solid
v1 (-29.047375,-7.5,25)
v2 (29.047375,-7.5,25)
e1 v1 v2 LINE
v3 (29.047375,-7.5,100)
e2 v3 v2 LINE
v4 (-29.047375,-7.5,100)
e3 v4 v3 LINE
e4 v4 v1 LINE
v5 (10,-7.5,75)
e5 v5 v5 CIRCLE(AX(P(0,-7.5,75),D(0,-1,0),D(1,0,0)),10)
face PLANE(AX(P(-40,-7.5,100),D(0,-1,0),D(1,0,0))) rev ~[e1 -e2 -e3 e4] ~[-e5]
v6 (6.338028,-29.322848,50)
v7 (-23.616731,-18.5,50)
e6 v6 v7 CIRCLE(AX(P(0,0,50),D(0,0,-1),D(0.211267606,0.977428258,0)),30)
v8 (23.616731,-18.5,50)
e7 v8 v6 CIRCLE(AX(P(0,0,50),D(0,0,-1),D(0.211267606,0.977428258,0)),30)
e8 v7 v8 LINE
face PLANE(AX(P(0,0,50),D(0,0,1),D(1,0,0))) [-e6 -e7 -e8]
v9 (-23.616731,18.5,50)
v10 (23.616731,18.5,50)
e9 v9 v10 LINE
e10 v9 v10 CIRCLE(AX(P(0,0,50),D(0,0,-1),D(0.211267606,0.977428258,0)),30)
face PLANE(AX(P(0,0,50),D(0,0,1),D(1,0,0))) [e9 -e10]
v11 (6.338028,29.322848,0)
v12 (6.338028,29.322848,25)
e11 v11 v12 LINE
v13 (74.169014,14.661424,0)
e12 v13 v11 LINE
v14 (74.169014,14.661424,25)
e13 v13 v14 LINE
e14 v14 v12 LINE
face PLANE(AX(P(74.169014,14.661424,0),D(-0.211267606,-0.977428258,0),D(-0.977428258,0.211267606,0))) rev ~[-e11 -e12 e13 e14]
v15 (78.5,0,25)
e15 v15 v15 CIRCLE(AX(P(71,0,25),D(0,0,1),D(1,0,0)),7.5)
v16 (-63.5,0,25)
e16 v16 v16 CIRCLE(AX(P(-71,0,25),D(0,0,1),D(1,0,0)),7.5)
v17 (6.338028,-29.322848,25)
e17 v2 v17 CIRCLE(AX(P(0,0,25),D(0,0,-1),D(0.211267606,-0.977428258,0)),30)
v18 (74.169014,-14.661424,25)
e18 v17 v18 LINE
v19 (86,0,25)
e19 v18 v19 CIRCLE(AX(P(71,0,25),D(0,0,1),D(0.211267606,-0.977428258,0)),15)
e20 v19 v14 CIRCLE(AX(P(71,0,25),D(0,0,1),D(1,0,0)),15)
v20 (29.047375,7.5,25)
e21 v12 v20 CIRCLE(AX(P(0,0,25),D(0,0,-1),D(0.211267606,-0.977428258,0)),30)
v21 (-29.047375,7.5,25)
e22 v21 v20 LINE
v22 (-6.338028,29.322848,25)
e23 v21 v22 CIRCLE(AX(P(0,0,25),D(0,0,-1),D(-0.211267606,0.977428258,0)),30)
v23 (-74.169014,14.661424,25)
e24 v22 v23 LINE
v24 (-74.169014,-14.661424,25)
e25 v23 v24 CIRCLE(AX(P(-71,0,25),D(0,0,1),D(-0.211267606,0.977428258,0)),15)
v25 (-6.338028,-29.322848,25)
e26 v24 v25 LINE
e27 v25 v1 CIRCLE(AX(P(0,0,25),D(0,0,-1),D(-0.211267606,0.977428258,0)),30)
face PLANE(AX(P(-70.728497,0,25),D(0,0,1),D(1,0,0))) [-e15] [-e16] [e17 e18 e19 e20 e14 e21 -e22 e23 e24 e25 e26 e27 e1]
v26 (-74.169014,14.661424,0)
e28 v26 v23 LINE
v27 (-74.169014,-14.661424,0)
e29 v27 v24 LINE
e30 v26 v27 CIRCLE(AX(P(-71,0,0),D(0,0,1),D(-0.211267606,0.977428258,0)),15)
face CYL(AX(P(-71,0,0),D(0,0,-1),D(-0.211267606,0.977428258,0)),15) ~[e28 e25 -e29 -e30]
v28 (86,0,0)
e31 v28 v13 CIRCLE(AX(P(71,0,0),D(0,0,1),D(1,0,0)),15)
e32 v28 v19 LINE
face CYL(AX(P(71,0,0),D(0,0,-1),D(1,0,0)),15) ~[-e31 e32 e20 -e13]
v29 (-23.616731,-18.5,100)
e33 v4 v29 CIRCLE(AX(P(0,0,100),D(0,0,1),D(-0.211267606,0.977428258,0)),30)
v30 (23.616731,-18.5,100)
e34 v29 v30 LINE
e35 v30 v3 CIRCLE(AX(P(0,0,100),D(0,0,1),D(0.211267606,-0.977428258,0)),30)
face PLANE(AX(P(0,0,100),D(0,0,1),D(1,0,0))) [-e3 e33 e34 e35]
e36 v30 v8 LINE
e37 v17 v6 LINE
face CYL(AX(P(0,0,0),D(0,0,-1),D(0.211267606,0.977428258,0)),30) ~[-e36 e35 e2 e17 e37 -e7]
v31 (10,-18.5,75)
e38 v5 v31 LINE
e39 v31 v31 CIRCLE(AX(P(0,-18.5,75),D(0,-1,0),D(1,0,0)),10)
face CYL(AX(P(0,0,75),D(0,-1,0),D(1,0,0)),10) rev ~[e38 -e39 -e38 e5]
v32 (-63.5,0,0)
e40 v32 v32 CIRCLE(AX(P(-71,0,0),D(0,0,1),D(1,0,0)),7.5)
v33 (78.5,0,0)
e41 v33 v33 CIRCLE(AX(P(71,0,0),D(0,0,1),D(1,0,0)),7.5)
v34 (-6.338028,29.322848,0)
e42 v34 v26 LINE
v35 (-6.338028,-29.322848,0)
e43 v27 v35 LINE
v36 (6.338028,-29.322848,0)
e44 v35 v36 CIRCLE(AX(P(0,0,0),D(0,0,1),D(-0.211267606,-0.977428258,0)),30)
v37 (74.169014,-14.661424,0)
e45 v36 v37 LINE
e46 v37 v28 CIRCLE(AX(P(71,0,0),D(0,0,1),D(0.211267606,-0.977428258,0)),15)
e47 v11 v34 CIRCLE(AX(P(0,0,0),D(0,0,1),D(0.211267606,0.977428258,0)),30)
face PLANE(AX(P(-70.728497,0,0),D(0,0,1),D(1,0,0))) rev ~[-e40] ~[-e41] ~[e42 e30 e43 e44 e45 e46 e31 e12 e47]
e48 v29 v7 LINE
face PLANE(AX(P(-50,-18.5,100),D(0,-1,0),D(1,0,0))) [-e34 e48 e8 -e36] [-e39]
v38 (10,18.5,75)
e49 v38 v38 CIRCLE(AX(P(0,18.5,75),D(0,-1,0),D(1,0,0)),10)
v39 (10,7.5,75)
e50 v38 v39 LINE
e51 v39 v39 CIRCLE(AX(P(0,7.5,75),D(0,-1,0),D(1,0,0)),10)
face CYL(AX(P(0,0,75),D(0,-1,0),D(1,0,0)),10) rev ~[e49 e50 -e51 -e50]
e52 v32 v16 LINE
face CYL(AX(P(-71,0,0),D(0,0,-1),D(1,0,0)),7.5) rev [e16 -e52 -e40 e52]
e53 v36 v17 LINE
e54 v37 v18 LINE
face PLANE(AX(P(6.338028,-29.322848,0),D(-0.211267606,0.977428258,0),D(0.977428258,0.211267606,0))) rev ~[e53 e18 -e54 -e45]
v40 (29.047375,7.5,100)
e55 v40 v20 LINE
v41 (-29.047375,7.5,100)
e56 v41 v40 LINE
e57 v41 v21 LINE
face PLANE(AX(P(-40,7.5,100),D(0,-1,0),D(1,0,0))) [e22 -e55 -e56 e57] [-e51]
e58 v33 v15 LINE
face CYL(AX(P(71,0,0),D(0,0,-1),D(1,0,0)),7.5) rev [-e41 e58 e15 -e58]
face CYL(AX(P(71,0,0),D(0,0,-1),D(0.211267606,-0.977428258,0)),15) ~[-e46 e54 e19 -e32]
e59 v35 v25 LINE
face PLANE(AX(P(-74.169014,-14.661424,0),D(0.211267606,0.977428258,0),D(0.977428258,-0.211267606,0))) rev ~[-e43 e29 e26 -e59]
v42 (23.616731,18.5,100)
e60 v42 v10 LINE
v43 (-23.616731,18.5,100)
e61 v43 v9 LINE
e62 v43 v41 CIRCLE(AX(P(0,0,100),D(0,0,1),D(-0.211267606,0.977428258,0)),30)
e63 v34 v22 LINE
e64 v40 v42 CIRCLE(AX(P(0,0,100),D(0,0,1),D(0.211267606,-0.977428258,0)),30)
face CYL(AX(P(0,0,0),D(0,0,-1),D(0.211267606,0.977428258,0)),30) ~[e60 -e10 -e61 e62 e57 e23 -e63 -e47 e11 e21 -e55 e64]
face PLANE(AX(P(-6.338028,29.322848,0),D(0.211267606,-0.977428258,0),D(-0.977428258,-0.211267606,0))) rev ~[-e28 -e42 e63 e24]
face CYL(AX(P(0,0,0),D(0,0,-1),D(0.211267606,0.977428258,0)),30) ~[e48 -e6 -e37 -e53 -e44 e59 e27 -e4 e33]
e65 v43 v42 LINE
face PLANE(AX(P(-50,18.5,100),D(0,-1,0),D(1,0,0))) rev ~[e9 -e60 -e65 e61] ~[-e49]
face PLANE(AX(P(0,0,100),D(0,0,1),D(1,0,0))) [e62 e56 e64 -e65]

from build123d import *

# Parameters (mm, degrees)
F0_R     = 7.5
F1_DEPTH = 25
F2_DEPTH = 100
F3_W     = 80
F3_H     = 15
F4_DEPTH = 75
F5_W     = 130
F5_H     = 70
F5_W_2   = 100
F5_H_2   = 37
F6_DEPTH = 50
F7_R     = 10
F8_DEPTH = 25


with BuildPart() as f1:
    # F0 (on Top) → F1 (new body)
    with BuildSketch(Plane.XY):
        with BuildLine():
            ThreePointArc((-74.1690140845, -14.6614238644), (-61.5802126157, -11.6733716481), (-56, 0))
            ThreePointArc((-56, 0), (-61.5802126157, 11.6733716481), (-74.1690140845, 14.6614238644))
            ThreePointArc((-74.1690140845, 14.6614238644), (-86, 0), (-74.1690140845, -14.6614238644))
        make_face()
        with Locations((-71, 0)):
            Circle(F0_R, mode=Mode.SUBTRACT)
        with BuildLine():
            ThreePointArc((-74.1690140845, 14.6614238644), (-61.5802126157, 11.6733716481), (-56, 0))
            ThreePointArc((-56, 0), (-61.5802126157, -11.6733716481), (-74.1690140845, -14.6614238644))
            Line((-74.1690140845, -14.6614238644), (-6.338028169, -29.3228477288))
            ThreePointArc((-6.338028169, -29.3228477288), (-30, 0), (-6.338028169, 29.3228477288))
            Line((-6.338028169, 29.3228477288), (-74.1690140845, 14.6614238644))
        make_face()
        with BuildLine():
            ThreePointArc((6.338028169, 29.3228477288), (0, 30), (-6.338028169, 29.3228477288))
            ThreePointArc((-6.338028169, 29.3228477288), (-30, 0), (-6.338028169, -29.3228477288))
            ThreePointArc((-6.338028169, -29.3228477288), (0, -30), (6.338028169, -29.3228477288))
            ThreePointArc((6.338028169, -29.3228477288), (23.3467432961, -18.8395747687), (30, 0))
            ThreePointArc((30, 0), (23.3467432961, 18.8395747687), (6.338028169, 29.3228477288))
        make_face()
        with BuildLine():
            Line((74.1690140845, 14.6614238644), (6.338028169, 29.3228477288))
            ThreePointArc((6.338028169, 29.3228477288), (23.3467432961, 18.8395747687), (30, 0))
            ThreePointArc((30, 0), (23.3467432961, -18.8395747687), (6.338028169, -29.3228477288))
            Line((6.338028169, -29.3228477288), (74.1690140845, -14.6614238644))
            ThreePointArc((74.1690140845, -14.6614238644), (56, 0), (74.1690140845, 14.6614238644))
        make_face()
        with BuildLine():
            ThreePointArc((86, 0), (82.6733716481, 9.4197873843), (74.1690140845, 14.6614238644))
            ThreePointArc((74.1690140845, 14.6614238644), (56, 0), (74.1690140845, -14.6614238644))
            ThreePointArc((74.1690140845, -14.6614238644), (82.6733716481, -9.4197873843), (86, 0))
        make_face()
        with Locations((71, 0)):
            Circle(F0_R, mode=Mode.SUBTRACT)
    extrude(amount=F1_DEPTH)

    # F0 (on Top) → F2 (join)
    with BuildSketch(Plane.XY):
        with BuildLine():
            ThreePointArc((6.338028169, 29.3228477288), (0, 30), (-6.338028169, 29.3228477288))
            ThreePointArc((-6.338028169, 29.3228477288), (-30, 0), (-6.338028169, -29.3228477288))
            ThreePointArc((-6.338028169, -29.3228477288), (0, -30), (6.338028169, -29.3228477288))
            ThreePointArc((6.338028169, -29.3228477288), (23.3467432961, -18.8395747687), (30, 0))
            ThreePointArc((30, 0), (23.3467432961, 18.8395747687), (6.338028169, 29.3228477288))
        make_face()
    extrude(amount=F2_DEPTH)

    # F3 (on face) → F4 (cut, through all)
    with BuildSketch(Plane.XY.offset(100)):
        Rectangle(F3_W, F3_H)
    extrude(amount=-F4_DEPTH, mode=Mode.SUBTRACT)

    # F5 (on face) → F6 (cut)
    with BuildSketch(Plane.XY.offset(100)):
        Rectangle(F5_W, F5_H)
        Rectangle(F5_W_2, F5_H_2, mode=Mode.SUBTRACT)
    extrude(amount=-F6_DEPTH, mode=Mode.SUBTRACT)

    # F7 (on Front) → F8 (cut, symmetric)
    with BuildSketch(Plane.XZ):
        with Locations((0, 75)):
            Circle(F7_R)
    extrude(amount=F8_DEPTH, both=True, mode=Mode.SUBTRACT)


solid = f1.part
